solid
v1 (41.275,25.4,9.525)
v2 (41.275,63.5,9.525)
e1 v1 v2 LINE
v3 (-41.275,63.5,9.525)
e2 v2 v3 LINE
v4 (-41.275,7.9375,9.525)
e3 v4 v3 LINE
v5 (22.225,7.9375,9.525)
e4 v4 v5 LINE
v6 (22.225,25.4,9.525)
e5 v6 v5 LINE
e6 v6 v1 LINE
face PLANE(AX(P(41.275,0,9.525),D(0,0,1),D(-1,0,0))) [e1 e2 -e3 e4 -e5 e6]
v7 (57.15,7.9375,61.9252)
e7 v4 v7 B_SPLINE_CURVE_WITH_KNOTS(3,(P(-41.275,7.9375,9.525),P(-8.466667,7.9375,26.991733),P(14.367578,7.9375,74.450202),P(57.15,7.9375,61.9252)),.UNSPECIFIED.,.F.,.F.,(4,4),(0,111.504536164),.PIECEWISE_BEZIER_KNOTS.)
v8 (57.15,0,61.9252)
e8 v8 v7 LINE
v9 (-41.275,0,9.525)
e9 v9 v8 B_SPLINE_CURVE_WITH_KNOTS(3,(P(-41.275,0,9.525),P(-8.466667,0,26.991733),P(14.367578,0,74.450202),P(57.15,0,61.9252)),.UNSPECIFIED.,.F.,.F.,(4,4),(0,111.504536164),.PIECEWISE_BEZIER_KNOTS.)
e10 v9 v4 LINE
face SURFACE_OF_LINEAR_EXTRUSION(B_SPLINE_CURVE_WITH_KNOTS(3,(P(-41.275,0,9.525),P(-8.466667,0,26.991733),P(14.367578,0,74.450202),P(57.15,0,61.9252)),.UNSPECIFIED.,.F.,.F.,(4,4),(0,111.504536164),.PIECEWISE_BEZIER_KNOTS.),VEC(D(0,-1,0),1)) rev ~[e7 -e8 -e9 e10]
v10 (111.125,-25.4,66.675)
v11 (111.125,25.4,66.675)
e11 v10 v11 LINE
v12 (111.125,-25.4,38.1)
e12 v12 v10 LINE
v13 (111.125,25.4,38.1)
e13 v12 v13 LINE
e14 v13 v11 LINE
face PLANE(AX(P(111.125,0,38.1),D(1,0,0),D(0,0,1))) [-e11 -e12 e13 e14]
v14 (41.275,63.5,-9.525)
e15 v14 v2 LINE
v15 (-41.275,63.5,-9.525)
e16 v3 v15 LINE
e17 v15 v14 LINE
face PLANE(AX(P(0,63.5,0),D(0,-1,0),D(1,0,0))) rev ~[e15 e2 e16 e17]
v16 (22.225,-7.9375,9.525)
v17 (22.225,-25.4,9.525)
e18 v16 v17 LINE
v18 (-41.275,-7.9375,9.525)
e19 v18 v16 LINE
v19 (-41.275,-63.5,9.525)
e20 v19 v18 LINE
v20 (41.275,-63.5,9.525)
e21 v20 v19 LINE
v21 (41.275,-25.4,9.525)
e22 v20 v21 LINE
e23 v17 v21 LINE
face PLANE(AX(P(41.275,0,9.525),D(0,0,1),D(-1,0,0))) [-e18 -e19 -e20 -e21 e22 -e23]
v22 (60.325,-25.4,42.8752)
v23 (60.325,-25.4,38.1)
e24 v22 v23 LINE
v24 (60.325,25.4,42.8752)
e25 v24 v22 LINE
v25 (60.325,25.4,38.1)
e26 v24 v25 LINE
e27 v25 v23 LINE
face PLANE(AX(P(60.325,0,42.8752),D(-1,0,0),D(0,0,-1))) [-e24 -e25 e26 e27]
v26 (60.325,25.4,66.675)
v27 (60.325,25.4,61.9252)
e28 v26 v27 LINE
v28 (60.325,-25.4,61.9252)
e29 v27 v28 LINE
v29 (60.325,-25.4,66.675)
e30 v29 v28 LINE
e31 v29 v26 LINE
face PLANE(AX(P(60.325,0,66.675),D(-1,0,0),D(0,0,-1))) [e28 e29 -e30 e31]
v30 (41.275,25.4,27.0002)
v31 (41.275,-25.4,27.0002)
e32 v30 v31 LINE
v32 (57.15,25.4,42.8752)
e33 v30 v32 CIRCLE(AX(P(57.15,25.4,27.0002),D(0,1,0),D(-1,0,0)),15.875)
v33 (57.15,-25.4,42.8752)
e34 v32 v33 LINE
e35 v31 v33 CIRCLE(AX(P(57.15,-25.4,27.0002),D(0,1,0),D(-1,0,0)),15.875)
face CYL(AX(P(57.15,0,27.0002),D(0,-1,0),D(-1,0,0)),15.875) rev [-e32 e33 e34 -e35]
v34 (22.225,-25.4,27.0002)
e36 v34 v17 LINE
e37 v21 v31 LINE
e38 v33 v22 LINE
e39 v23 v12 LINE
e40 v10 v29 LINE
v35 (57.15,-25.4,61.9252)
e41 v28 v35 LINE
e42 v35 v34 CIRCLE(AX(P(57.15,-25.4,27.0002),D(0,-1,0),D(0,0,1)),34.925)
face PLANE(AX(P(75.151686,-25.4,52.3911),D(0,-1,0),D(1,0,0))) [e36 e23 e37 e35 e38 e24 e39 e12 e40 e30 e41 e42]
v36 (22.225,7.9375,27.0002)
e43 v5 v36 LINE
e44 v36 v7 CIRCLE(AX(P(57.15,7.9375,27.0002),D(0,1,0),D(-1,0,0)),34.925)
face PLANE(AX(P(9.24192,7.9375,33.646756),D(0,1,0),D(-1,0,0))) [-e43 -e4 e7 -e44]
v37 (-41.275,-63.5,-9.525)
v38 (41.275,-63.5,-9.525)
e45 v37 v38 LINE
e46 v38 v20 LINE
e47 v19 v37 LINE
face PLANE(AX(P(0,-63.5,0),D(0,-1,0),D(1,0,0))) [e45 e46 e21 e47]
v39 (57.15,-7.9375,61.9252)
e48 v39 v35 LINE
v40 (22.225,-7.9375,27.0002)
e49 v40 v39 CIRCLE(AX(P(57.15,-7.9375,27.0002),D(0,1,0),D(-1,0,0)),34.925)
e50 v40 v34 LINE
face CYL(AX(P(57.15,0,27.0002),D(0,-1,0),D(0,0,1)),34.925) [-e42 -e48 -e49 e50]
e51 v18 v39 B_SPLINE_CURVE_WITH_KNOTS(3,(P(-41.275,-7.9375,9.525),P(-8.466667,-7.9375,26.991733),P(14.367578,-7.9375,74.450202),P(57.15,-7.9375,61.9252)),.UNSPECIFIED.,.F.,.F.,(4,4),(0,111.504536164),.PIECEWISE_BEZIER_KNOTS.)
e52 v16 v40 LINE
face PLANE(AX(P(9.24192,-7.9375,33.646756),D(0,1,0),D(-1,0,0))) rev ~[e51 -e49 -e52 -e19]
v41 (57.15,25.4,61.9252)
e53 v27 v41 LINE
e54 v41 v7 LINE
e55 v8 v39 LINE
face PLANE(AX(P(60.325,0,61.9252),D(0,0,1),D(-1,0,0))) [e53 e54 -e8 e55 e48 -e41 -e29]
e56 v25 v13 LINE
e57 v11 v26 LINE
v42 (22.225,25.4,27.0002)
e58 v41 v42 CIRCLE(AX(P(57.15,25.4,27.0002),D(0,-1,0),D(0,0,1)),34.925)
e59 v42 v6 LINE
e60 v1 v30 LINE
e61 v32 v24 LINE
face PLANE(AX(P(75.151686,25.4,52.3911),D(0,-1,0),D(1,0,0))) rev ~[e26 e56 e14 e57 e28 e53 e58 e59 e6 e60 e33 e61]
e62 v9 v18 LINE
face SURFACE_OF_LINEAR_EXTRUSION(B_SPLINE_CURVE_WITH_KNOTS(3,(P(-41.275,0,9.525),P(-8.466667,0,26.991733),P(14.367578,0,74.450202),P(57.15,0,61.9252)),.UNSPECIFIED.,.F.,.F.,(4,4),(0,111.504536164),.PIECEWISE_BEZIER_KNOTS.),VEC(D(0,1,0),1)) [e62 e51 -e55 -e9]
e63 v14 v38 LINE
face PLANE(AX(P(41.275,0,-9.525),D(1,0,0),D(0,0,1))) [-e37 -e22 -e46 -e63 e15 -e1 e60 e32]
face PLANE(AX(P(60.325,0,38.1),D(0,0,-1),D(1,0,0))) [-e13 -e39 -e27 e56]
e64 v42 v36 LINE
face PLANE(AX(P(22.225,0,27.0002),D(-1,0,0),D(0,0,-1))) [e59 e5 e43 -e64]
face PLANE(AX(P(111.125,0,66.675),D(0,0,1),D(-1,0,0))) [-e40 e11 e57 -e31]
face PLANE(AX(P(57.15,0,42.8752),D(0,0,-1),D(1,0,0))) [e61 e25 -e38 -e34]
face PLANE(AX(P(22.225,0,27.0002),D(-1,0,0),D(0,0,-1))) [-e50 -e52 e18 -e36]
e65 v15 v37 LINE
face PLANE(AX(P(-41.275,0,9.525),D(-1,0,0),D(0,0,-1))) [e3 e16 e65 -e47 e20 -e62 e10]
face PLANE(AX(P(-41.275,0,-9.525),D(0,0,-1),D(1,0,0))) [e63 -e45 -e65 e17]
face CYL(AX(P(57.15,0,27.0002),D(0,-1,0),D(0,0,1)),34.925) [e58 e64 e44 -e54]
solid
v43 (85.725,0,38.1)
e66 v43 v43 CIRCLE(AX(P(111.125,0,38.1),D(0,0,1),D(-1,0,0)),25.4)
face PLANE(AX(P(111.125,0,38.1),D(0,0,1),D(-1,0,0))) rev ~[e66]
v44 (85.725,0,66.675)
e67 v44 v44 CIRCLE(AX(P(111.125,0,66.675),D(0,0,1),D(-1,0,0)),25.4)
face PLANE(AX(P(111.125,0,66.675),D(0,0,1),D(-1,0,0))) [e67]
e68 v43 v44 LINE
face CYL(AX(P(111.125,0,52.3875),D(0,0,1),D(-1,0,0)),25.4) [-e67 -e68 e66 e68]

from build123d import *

# Parameters (mm, degrees)
F1_DEPTH = 63.5
F0_W     = 25.4
F0_H     = 28.575
F0_W_2   = 21.3542111911
F0_H_2   = 19.05
F2_DEPTH = 25.4
F3_DEPTH = 7.9375


with BuildPart() as f1:
    # F0 (on Front) → F1 (new body, symmetric)
    with BuildSketch(Plane.XZ):
        Polygon((-41.275, 9.525), (-41.275, -9.525), (41.275, -9.525), (41.275, 9.525), (22.225, 9.525), align=None)
    extrude(amount=F1_DEPTH, both=True)

    # F0 (on Front) → F2 (join, symmetric)
    with BuildSketch(Plane.XZ):
        Polygon((60.325, 66.675), (60.325, 61.9252), (81.6792111911, 61.9252), (81.6792111911, 42.8752), (60.325, 42.8752), (60.325, 38.1), (85.725, 38.1), (85.725, 66.675), align=None)
        with Locations((98.425, 52.3875)):
            Rectangle(F0_W, F0_H)
        with Locations((71.0021055956, 52.4002)):
            Rectangle(F0_W_2, F0_H_2)
        with BuildLine():
            Line((22.225, 9.525), (41.275, 9.525))
            Line((41.275, 9.525), (41.275, 27.0002))
            ThreePointArc((41.275, 27.0002), (45.9246798487, 38.2255201513), (57.15, 42.8752))
            Line((57.15, 42.8752), (60.325, 42.8752))
            Line((60.325, 42.8752), (60.325, 61.9252))
            Line((60.325, 61.9252), (57.15, 61.9252))
            ThreePointArc((57.15, 61.9252), (32.4542956671, 51.6959043329), (22.225, 27.0002))
            Line((22.225, 27.0002), (22.225, 9.525))
        make_face()
    extrude(amount=F2_DEPTH, both=True)

    # F0 (on Front) → F3 (join, symmetric)
    with BuildSketch(Plane.XZ):
        with BuildLine():
            add(Edge.make_bspline(
                [(-41.275, 9.525), (-8.4666666667, 26.9917333333), (14.3675776199, 74.4502022862), (57.15, 61.9252)],
                knots=[0, 0, 0, 0, 111.5045361635, 111.5045361635, 111.5045361635, 111.5045361635], degree=3))
            Line((-41.275, 9.525), (22.225, 9.525))
            Line((22.225, 9.525), (22.225, 27.0002))
            ThreePointArc((22.225, 27.0002), (32.4542956671, 51.6959043329), (57.15, 61.9252))
        make_face()
    extrude(amount=F3_DEPTH, both=True)


with BuildPart() as f4:
    # F0 (on Front) → F4 (revolve)
    with BuildSketch(Plane.XZ):
        with Locations((98.425, 52.3875)):
            Rectangle(F0_W, F0_H)
    revolve(axis=Axis((111.125, 0, 52.3875), (0, 0, 1)))


solid = Compound([f1.part, f4.part])
